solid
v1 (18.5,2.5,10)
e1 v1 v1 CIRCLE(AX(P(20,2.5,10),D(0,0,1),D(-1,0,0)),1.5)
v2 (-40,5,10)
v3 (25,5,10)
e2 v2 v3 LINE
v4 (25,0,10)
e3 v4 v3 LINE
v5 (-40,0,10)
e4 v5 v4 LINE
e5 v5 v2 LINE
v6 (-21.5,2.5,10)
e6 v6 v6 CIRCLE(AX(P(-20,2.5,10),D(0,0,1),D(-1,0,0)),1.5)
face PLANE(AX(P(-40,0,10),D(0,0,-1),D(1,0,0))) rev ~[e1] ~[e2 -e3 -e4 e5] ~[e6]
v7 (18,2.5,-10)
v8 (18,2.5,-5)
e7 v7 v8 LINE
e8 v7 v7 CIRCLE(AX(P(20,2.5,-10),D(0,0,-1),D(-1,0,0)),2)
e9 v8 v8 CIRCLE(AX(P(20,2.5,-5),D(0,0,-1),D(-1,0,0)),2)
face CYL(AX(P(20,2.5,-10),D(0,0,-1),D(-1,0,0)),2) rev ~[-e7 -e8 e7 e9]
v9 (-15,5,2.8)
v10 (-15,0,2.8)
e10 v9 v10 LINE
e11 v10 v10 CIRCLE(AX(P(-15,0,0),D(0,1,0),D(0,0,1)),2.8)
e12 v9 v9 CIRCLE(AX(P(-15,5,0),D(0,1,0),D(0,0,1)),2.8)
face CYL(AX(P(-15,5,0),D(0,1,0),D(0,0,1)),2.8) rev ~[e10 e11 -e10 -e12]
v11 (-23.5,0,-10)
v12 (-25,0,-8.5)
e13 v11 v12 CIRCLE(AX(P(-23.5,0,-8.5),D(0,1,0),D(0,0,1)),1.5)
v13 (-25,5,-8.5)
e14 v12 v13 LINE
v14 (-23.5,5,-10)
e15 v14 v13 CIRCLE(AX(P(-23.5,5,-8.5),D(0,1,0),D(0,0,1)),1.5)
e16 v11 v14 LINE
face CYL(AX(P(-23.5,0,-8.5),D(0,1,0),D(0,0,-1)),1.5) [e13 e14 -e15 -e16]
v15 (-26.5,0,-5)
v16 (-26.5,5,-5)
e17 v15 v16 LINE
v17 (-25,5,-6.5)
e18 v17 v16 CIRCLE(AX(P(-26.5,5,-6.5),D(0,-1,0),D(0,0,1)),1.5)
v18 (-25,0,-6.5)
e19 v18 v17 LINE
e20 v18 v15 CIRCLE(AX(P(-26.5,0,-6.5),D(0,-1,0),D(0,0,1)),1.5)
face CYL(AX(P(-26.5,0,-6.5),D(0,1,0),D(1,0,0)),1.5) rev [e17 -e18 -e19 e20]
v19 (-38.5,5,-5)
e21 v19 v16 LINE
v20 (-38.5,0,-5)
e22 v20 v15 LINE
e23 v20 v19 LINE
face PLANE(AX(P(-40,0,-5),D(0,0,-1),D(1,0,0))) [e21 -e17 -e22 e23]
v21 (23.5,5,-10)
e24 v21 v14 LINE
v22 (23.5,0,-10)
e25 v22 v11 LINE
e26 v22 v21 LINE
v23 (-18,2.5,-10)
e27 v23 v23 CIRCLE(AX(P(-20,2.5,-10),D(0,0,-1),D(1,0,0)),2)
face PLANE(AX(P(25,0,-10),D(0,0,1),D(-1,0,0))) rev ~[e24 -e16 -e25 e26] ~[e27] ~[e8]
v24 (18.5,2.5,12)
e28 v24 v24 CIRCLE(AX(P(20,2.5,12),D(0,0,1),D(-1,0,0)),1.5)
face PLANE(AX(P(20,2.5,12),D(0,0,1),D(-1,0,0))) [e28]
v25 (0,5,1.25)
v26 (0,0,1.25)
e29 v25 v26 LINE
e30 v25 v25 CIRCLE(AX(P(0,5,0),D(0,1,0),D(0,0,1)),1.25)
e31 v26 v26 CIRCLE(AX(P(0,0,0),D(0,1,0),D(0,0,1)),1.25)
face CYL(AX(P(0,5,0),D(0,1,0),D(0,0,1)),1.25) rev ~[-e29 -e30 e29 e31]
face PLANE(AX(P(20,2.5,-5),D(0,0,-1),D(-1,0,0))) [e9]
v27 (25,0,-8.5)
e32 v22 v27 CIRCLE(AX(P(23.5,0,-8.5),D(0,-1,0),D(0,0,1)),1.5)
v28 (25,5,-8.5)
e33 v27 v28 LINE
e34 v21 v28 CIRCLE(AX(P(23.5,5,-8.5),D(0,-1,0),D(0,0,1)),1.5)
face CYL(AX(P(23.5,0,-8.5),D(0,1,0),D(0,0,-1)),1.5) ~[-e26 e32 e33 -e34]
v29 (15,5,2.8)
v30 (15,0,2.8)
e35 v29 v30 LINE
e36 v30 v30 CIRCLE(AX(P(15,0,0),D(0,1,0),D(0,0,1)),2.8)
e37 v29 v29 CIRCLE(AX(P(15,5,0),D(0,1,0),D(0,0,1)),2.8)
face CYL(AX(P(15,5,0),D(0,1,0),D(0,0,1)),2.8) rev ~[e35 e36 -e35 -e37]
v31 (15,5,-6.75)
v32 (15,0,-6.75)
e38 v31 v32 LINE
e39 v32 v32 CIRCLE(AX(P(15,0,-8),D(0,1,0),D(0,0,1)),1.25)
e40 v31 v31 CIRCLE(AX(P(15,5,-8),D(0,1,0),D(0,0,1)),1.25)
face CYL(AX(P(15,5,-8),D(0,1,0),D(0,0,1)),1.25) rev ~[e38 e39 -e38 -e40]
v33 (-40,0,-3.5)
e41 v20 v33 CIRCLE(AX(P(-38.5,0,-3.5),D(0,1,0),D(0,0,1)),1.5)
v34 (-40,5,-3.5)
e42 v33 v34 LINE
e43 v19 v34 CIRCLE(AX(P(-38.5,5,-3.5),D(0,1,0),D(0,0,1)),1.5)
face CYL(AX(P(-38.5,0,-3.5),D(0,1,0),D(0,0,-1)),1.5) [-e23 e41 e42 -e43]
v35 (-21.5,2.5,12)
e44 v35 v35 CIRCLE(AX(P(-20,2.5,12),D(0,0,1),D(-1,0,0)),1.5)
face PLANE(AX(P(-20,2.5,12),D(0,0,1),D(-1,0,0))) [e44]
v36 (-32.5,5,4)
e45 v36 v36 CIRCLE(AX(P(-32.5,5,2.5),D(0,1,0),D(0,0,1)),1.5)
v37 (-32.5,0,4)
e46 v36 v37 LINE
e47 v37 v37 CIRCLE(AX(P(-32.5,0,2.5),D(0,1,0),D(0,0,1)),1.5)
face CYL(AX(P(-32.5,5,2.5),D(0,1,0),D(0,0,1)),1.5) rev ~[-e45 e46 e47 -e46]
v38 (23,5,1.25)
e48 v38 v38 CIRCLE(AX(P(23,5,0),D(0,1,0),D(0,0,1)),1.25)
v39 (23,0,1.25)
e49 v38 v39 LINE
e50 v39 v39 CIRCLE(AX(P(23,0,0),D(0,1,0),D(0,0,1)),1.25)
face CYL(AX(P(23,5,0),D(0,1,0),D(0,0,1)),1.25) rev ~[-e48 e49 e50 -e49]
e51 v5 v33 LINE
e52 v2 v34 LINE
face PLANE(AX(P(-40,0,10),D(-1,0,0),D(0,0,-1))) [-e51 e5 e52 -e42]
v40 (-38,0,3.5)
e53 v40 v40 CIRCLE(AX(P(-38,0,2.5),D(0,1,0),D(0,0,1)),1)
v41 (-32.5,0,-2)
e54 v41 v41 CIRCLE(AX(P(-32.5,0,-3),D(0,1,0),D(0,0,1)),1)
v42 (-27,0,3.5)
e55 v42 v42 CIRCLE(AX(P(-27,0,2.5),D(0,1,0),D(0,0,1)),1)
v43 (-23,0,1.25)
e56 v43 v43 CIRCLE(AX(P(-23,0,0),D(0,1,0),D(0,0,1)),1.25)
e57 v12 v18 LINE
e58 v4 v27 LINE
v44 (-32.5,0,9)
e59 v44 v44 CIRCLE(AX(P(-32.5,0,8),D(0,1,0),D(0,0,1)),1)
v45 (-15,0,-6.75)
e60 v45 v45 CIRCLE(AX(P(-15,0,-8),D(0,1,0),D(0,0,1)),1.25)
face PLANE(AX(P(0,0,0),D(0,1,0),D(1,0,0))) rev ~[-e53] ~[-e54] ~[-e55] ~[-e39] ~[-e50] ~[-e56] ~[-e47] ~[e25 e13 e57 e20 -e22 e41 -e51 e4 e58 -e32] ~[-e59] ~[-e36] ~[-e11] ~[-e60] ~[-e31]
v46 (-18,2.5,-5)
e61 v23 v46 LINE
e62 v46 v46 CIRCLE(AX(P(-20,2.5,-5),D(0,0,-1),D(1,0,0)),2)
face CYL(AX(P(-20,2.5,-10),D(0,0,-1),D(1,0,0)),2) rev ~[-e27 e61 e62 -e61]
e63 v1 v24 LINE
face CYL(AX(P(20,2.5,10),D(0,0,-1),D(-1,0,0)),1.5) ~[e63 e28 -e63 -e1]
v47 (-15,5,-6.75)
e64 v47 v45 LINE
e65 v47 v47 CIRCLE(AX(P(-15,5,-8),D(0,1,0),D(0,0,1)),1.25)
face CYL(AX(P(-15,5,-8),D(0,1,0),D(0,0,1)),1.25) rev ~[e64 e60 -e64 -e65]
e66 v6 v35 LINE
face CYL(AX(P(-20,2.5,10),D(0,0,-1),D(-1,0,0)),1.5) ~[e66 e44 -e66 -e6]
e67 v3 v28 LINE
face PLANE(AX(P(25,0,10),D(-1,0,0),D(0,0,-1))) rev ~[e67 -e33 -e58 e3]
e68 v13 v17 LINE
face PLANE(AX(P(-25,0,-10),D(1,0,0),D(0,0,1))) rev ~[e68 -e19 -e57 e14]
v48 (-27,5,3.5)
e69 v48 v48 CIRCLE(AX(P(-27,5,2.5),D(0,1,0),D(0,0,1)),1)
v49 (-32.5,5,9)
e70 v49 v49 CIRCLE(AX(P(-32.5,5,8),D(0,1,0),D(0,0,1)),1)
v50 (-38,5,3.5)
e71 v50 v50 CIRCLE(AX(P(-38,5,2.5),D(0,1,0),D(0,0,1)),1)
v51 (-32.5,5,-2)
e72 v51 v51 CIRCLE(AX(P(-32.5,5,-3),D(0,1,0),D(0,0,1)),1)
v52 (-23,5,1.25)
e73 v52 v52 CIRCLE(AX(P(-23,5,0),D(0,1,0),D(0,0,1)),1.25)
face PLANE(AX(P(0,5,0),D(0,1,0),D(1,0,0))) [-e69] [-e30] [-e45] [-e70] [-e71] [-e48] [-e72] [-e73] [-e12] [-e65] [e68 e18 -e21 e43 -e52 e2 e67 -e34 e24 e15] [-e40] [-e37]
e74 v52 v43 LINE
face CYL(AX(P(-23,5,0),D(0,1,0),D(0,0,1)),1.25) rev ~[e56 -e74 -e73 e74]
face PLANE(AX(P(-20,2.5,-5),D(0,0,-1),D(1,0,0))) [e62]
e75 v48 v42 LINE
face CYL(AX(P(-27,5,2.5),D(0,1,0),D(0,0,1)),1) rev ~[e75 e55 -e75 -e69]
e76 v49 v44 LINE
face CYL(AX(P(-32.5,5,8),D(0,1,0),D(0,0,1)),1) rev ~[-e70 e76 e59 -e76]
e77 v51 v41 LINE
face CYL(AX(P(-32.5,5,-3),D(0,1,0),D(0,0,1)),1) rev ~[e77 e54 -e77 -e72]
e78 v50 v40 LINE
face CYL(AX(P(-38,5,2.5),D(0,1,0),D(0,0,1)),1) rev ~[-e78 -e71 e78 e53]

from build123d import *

# Parameters (mm, degrees)
SKETCH_1_W          = 15
SKETCH_1_H          = 15
EXTRUDE_1_DEPTH     = 5
SKETCH_2_R          = 1.25
SKETCH_2_R_2        = 2.8
SKETCH_2_R_3        = 1.5
SKETCH_2_R_4        = 1
CUT_EXTRUDE_1_DEPTH = 5
FILLET_1_R          = 1.5
SKETCH_4_R          = 1.5
EXTRUDE_2_DEPTH     = 2
SKETCH_5_R          = 2
CUT_EXTRUDE_2_DEPTH = 5


with BuildPart() as part:
    # 草图1 → 凸台-拉伸1 (new body)
    with BuildSketch(Plane(origin=(0, 0, 0), x_dir=(1, 0, 0), z_dir=(0, 1, 0))):
        Polygon((25, 10), (-25, 10), (-25, 5), (-25, -10), (25, -10), align=None)
        with Locations((-32.5, -2.5)):
            Rectangle(SKETCH_1_W, SKETCH_1_H)
    extrude(amount=EXTRUDE_1_DEPTH)

    # 草图2 → 切除-拉伸1 (cut)
    with BuildSketch(Plane(origin=(0, 5, 0), x_dir=(1, 0, 0), z_dir=(0, 1, 0))):
        with Locations(Location((0, 0, 0), (0, 0, 270))):
            Circle(SKETCH_2_R)
        with Locations(Location((15, 0, 0), (0, 0, 270))):
            Circle(SKETCH_2_R_2)
        with Locations(Location((-15, 0, 0), (0, 0, 270))):
            Circle(SKETCH_2_R_2)
        with Locations(Location((15, 8, 0), (0, 0, 270))):
            Circle(SKETCH_2_R)
        with Locations(Location((23, 0, 0), (0, 0, 270))):
            Circle(SKETCH_2_R)
        with Locations(Location((-23, 0, 0), (0, 0, 270))):
            Circle(SKETCH_2_R)
        with Locations(Location((-15, 8, 0), (0, 0, 270))):
            Circle(SKETCH_2_R)
        with Locations(Location((-32.5, -2.5, 0), (0, 0, 270))):
            Circle(SKETCH_2_R_3)
        with Locations(Location((-27, -2.5, 0), (0, 0, 270))):
            Circle(SKETCH_2_R_4)
        with Locations(Location((-32.5, -8, 0), (0, 0, 270))):
            Circle(SKETCH_2_R_4)
        with Locations(Location((-38, -2.5, 0), (0, 0, 270))):
            Circle(SKETCH_2_R_4)
        with Locations(Location((-32.5, 3, 0), (0, 0, 270))):
            Circle(SKETCH_2_R_4)
    extrude(amount=-CUT_EXTRUDE_1_DEPTH, mode=Mode.SUBTRACT)

    # 圆角1
    fillet_1_edges = [part.edges().sort_by_distance(p)[0] for p in [
        (-25, 2.5, -5),
        (-40, 2.5, -5),
        (-25, 2.5, -10),
        (25, 2.5, -10),
    ]]
    fillet(fillet_1_edges, radius=FILLET_1_R)

    # 草图4 → 凸台-拉伸2 (add)
    with BuildSketch(Plane.XY.offset(10)):
        with Locations(Location((20, 2.5, 0), (0, 0, 180))):
            Circle(SKETCH_4_R)
        with Locations(Location((-20, 2.5, 0), (0, 0, 180))):
            Circle(SKETCH_4_R)
    extrude(amount=EXTRUDE_2_DEPTH)

    # 草图5 → 切除-拉伸2 (cut)
    with BuildSketch(Plane(origin=(0, 0, -10), x_dir=(-1, 0, 0), z_dir=(0, 0, -1))):
        with Locations((-20, 2.5)):
            Circle(SKETCH_5_R)
        with Locations(Location((20, 2.5, 0), (0, 0, 180))):
            Circle(SKETCH_5_R)
    extrude(amount=-CUT_EXTRUDE_2_DEPTH, mode=Mode.SUBTRACT)


solid = part.part
